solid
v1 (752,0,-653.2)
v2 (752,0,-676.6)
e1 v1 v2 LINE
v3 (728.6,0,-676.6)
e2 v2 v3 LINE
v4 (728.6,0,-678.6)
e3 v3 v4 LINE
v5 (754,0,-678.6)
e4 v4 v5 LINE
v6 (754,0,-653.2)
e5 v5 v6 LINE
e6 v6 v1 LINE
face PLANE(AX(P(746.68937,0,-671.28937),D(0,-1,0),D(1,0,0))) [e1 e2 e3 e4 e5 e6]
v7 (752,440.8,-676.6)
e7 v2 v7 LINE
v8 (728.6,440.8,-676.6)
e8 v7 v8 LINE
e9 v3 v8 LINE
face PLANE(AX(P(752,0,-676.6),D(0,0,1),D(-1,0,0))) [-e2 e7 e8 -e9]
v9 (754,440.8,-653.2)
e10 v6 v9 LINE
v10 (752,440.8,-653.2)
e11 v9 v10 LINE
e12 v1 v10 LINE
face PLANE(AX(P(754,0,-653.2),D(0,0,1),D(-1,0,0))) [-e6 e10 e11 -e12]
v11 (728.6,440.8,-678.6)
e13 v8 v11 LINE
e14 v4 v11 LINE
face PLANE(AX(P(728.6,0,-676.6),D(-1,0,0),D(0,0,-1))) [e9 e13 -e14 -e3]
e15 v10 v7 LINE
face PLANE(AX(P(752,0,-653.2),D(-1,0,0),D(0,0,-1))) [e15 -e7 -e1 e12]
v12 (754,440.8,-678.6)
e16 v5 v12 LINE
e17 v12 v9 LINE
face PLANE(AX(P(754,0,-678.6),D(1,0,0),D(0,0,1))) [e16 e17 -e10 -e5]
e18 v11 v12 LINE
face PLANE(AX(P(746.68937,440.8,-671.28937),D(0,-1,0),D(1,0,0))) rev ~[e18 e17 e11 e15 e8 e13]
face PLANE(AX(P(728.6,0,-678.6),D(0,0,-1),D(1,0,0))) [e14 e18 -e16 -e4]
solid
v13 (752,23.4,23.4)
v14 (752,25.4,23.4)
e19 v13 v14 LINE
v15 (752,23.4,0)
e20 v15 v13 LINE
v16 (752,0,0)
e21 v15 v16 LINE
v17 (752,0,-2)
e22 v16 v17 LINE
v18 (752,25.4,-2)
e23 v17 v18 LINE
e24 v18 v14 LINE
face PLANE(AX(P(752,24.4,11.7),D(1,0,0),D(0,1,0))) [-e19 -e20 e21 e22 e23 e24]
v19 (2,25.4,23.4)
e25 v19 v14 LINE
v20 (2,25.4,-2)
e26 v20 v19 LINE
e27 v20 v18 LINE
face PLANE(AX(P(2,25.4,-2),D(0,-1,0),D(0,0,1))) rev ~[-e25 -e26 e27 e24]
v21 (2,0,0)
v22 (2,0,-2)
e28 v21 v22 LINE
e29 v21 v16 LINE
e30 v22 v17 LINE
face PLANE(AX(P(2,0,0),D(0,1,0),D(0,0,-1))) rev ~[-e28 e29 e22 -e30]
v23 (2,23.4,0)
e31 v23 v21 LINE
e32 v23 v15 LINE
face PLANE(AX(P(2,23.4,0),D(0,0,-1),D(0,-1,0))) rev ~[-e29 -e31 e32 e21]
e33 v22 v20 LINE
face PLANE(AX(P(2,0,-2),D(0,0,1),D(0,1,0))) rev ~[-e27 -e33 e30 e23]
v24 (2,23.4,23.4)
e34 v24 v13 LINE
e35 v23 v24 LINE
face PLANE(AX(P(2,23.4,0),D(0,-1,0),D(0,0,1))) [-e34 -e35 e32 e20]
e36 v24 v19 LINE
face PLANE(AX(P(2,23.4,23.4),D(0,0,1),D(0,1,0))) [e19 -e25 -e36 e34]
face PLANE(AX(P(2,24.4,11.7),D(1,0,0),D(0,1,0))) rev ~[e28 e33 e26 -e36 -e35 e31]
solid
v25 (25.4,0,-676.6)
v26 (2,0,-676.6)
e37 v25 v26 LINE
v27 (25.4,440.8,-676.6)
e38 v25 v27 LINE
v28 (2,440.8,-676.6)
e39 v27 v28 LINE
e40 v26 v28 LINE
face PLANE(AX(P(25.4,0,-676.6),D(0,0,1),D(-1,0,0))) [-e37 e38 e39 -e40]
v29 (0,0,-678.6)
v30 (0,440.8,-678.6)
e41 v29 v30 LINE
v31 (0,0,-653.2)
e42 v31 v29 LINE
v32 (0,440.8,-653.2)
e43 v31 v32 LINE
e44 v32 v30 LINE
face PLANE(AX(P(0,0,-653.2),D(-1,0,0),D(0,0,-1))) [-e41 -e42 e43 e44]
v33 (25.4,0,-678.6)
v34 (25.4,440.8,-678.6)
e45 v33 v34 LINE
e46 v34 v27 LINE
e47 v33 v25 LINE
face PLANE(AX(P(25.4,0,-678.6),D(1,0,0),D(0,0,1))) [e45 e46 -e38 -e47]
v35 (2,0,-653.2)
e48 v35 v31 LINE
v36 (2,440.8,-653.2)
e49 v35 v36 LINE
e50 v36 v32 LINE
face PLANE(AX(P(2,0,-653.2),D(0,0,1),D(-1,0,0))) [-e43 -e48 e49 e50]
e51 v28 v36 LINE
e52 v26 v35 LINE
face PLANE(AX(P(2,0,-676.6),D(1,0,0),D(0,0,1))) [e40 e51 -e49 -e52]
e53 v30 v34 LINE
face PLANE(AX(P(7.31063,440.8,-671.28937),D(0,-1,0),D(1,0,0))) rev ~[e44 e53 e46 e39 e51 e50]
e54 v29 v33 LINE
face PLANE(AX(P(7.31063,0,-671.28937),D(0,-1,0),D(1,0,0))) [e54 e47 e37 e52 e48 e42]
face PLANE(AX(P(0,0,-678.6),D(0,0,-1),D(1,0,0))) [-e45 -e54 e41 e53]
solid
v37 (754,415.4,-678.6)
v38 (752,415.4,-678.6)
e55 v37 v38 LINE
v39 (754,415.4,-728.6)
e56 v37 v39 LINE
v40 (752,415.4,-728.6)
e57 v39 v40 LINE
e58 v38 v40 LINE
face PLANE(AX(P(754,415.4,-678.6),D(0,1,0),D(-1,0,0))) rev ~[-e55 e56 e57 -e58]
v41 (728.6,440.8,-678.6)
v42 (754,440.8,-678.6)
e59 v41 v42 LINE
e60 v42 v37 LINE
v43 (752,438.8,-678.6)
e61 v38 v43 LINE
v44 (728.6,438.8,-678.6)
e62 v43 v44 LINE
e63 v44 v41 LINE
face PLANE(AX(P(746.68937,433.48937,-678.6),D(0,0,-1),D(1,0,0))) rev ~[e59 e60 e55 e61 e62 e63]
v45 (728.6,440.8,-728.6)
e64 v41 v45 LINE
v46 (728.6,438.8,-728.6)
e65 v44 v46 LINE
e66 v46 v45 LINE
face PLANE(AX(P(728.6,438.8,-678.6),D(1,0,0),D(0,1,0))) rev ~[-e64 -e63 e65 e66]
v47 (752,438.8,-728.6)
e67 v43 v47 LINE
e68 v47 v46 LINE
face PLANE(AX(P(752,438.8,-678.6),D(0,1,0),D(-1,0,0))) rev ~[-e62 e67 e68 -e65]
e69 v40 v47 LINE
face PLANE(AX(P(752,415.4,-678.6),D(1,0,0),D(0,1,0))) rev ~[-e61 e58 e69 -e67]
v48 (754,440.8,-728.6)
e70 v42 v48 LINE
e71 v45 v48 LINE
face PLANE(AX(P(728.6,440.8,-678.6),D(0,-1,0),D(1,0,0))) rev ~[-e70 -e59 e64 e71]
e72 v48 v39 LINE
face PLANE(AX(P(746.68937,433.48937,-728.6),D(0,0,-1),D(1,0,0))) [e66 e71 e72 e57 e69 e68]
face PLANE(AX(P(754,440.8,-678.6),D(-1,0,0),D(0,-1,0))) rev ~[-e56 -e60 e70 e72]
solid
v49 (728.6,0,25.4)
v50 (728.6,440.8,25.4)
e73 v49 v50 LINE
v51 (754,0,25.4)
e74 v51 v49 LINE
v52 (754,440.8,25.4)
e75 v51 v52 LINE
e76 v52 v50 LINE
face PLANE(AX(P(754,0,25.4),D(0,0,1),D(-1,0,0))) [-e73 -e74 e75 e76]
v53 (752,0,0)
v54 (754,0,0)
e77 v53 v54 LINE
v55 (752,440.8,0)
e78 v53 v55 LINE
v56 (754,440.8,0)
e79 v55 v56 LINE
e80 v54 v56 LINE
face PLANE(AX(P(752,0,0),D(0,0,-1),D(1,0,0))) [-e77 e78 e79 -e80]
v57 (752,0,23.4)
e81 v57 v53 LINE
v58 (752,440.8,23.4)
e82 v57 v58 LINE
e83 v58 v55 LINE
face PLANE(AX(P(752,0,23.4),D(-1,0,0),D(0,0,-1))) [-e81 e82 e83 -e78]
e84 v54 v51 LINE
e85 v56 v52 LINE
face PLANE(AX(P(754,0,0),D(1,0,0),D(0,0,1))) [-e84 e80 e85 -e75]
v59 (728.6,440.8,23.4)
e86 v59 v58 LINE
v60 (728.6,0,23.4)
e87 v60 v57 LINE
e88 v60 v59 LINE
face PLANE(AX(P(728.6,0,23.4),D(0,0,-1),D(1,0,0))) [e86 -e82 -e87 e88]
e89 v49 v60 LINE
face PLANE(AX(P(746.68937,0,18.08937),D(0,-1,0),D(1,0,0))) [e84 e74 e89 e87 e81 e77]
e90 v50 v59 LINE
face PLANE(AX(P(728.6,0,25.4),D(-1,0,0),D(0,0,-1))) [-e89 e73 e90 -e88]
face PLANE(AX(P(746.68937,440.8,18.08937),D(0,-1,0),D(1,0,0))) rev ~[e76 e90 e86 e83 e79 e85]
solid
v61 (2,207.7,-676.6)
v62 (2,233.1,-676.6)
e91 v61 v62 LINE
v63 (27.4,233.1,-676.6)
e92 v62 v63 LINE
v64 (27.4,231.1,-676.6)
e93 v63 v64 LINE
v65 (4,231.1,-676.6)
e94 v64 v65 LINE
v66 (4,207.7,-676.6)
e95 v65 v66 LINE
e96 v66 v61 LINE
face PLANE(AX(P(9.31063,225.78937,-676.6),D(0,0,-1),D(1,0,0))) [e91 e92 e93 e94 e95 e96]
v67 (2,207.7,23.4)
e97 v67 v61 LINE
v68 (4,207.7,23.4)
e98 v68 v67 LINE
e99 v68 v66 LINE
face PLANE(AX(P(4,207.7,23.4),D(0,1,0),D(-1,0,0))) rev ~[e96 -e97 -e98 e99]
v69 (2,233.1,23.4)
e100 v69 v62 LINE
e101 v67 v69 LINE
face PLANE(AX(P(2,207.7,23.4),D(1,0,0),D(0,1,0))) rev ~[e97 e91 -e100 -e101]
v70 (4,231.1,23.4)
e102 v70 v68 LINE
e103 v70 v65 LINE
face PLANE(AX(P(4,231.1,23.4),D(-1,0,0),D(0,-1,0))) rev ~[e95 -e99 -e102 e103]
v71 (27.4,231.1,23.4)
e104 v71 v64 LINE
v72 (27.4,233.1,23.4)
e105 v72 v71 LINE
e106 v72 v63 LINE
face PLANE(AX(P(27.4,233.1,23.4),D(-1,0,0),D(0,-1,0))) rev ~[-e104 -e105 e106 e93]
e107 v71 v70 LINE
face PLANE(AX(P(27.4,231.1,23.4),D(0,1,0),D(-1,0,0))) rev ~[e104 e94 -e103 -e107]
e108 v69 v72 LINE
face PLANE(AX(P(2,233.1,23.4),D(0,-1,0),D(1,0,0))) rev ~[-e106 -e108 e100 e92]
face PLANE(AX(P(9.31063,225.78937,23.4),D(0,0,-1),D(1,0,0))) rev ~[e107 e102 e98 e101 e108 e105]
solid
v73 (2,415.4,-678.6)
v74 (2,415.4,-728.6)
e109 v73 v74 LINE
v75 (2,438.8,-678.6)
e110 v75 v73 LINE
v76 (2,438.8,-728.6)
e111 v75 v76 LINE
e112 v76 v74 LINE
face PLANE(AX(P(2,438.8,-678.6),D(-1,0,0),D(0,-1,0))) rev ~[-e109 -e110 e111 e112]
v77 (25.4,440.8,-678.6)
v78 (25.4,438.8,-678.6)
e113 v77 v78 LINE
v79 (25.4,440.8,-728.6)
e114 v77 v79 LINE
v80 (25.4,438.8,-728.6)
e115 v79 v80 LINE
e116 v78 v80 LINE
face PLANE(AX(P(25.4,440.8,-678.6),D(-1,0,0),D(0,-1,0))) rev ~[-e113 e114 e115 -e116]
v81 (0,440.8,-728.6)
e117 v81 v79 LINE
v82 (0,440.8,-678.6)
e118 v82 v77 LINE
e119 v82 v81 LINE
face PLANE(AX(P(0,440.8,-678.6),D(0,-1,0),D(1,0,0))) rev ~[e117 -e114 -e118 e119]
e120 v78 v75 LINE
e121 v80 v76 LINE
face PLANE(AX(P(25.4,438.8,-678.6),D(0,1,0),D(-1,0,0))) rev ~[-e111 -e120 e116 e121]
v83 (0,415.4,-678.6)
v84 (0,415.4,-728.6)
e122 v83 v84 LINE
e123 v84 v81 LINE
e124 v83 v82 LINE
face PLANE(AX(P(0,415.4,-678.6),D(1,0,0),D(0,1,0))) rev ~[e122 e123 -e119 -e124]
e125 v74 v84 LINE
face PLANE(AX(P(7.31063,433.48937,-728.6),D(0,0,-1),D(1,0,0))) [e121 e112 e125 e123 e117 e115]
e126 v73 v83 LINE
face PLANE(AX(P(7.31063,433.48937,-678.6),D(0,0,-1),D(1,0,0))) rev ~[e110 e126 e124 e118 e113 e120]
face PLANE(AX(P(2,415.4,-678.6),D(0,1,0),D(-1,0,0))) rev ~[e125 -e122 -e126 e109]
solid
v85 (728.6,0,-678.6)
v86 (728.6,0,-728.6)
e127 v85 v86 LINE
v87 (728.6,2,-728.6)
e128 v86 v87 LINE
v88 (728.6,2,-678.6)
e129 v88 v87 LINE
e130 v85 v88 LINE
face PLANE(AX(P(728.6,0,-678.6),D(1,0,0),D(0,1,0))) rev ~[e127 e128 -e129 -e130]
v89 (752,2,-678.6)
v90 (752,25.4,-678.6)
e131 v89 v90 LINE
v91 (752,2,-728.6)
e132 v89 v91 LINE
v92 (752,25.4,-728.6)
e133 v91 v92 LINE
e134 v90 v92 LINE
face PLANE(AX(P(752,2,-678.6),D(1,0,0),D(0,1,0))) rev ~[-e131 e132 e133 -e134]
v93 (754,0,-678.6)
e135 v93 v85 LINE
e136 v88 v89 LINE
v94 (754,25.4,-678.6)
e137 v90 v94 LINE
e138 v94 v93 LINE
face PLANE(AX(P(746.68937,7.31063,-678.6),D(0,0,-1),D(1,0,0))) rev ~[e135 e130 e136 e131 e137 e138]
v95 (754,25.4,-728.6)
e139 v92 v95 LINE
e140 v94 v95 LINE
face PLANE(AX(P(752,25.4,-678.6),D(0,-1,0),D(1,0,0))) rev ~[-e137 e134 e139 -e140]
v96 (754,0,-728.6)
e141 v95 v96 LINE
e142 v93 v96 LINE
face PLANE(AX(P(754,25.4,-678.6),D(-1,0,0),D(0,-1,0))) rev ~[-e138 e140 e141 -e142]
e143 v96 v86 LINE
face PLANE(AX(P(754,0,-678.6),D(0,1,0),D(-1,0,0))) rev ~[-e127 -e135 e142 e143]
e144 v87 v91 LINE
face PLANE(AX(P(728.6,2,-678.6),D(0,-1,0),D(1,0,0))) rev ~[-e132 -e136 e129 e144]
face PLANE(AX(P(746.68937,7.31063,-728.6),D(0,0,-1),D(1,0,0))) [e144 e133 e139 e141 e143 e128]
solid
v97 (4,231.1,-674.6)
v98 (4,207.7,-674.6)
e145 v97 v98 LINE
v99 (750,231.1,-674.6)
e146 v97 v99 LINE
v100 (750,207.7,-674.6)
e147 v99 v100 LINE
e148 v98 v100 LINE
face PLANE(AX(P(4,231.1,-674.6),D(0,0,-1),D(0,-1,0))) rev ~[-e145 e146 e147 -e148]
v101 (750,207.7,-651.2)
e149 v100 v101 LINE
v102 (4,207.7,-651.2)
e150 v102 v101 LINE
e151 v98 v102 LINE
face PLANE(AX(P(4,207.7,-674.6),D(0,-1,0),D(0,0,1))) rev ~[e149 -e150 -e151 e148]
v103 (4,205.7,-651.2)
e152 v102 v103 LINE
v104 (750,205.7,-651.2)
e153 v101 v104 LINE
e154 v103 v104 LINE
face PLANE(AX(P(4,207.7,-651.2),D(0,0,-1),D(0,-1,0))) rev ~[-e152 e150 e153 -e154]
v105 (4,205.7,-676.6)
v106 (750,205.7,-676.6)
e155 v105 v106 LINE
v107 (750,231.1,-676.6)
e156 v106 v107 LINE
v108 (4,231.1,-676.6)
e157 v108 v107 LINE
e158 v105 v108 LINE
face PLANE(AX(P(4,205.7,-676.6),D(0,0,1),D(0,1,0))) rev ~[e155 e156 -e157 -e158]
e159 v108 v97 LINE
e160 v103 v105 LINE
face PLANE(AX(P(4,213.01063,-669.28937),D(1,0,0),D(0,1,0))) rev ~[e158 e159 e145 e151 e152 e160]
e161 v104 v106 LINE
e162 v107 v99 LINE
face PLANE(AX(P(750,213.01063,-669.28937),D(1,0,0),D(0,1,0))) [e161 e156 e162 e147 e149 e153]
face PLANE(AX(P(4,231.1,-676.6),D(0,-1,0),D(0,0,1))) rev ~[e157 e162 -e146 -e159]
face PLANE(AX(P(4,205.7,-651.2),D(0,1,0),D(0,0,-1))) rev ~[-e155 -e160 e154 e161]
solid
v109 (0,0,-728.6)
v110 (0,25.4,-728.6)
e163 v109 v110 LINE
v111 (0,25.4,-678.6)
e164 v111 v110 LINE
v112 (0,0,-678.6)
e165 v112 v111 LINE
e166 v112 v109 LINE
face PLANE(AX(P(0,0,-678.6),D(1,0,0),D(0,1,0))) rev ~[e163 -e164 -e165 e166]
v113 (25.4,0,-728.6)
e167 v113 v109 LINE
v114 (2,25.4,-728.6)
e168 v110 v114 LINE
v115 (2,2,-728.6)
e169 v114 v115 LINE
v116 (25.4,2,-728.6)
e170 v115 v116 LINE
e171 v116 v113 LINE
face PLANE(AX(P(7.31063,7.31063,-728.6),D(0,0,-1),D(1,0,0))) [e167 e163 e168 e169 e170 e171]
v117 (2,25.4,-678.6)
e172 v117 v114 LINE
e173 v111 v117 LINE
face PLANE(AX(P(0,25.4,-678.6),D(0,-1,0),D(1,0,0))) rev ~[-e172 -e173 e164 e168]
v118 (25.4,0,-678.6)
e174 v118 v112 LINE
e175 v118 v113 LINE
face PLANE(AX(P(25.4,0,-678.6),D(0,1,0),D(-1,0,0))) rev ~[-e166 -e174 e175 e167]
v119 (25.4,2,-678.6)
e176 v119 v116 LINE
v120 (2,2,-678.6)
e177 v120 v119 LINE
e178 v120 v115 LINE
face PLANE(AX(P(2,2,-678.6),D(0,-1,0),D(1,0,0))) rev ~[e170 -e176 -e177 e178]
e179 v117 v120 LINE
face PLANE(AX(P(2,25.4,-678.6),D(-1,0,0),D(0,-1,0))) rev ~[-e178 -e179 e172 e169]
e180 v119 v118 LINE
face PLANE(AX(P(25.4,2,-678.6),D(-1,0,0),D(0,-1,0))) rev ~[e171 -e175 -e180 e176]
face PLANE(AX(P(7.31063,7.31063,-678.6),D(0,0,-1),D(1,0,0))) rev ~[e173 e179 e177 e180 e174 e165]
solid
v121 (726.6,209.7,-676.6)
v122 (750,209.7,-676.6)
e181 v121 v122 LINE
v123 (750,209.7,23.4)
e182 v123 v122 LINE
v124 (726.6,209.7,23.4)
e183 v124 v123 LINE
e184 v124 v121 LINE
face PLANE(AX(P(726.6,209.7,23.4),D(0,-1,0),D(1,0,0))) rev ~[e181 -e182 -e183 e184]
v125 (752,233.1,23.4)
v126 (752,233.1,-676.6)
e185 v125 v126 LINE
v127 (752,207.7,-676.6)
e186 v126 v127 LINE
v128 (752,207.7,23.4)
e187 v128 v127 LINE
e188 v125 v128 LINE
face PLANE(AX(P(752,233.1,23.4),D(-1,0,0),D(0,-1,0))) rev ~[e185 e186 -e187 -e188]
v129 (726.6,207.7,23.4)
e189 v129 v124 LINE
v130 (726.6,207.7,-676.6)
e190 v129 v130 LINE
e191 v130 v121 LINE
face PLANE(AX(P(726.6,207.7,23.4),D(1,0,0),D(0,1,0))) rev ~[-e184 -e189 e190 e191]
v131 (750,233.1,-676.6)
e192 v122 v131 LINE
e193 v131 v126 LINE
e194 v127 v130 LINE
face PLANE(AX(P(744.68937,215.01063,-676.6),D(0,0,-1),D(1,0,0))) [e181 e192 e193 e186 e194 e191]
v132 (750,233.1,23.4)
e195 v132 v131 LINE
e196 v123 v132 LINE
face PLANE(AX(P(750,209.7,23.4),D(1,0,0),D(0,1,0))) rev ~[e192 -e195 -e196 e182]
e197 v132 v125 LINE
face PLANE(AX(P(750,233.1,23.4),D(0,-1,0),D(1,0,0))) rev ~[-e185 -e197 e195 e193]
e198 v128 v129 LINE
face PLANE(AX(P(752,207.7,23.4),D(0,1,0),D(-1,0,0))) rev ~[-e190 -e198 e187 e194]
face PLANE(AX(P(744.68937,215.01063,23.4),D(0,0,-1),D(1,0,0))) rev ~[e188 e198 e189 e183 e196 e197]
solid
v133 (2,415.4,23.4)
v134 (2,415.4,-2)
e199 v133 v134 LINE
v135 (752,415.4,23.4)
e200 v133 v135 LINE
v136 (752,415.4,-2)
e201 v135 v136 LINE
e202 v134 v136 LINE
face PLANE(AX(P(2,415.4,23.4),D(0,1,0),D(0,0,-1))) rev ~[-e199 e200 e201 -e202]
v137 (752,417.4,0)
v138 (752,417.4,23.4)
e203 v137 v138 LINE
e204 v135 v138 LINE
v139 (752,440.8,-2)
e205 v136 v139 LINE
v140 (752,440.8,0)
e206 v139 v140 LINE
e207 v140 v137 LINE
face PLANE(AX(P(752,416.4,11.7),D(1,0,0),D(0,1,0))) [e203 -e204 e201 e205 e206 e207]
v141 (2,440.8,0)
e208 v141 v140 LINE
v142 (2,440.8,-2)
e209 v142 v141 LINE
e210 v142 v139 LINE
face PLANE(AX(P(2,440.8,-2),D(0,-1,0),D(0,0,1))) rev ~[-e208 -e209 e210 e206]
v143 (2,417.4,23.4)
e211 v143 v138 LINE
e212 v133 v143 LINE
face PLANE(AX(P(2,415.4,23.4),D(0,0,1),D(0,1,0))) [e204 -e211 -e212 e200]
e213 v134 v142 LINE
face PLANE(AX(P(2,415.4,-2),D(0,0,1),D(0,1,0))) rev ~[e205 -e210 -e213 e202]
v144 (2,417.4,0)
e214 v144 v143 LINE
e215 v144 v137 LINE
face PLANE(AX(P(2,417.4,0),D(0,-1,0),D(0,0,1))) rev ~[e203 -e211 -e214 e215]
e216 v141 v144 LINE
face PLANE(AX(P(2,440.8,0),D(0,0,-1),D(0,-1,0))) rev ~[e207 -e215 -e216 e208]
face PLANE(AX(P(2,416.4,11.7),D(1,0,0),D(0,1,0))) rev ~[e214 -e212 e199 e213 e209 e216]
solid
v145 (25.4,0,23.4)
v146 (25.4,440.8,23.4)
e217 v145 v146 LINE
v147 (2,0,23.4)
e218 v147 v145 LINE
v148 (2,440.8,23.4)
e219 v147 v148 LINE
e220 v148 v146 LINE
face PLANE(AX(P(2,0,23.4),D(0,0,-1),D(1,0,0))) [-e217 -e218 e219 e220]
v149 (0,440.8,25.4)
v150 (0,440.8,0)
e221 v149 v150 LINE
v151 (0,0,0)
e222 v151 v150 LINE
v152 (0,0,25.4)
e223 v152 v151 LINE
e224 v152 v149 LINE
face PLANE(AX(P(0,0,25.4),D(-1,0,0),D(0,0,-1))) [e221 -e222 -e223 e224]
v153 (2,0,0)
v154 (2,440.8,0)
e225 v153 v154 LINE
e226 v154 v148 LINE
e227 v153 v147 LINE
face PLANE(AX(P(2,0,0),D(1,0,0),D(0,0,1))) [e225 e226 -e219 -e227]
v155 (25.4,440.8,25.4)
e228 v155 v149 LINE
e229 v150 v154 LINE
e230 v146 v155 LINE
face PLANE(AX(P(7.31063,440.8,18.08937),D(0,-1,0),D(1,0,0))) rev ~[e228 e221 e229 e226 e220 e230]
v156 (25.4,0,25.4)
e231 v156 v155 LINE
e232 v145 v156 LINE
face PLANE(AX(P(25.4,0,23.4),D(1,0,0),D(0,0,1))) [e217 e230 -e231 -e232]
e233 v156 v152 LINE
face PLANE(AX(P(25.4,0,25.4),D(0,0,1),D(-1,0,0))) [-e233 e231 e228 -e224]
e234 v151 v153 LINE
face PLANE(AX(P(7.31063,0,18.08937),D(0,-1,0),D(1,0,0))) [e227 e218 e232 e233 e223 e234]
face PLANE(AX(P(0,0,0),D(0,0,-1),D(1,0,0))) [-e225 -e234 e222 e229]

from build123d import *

# Parameters (mm, degrees)
F1_DEPTH  = 440.8
F2_W      = 2
F2_H      = 23.4
F3_DEPTH  = 750
F5_DEPTH  = 440.8
F7_DEPTH  = 700
F9_DEPTH  = 440.8
F11_DEPTH = 50
F13_DEPTH = 746


with BuildPart() as f1:
    # F0 (on Front) → F1 (new body)
    with BuildSketch(Plane.XZ):
        Polygon((0, 25.4), (0, 0), (2, 0), (2, 23.4), (25.4, 23.4), (25.4, 25.4), align=None)
    extrude(amount=-F1_DEPTH)


with BuildPart() as f3:
    # F2 (on face) → F3 (new body)
    with BuildSketch(Plane.YZ.offset(2)):
        with Locations((24.4, 11.7)):
            Rectangle(F2_W, F2_H)
        Polygon((25.4, -2), (25.4, 0), (23.4, 0), (0, 0), (0, -2), align=None)
        with Locations((416.4, 11.7)):
            Rectangle(F2_W, F2_H)
        Polygon((417.4, 0), (415.4, 0), (415.4, -2), (440.8, -2), (440.8, 0), align=None)
    extrude(amount=F3_DEPTH)


with BuildPart() as f5:
    # F4 (on Front) → F5 (new body)
    with BuildSketch(Plane.XZ):
        Polygon((752, 0), (754, 0), (754, 25.4), (728.6, 25.4), (728.6, 23.4), (752, 23.4), align=None)
    extrude(amount=-F5_DEPTH)


with BuildPart() as f7:
    # F6 (on face) → F7 (new body)
    with BuildSketch(Plane(origin=(0, 0, 23.4), x_dir=(1, 0, 0), z_dir=(0, 0, -1))):
        Polygon((2, -207.7), (2, -220.4), (2, -233.1), (27.4, -233.1), (27.4, -231.1), (4, -231.1), (4, -207.7), align=None)
        Polygon((752, -233.1), (752, -220.4), (752, -207.7), (726.6, -207.7), (726.6, -209.7), (750, -209.7), (750, -233.1), align=None)
    extrude(amount=F7_DEPTH)


with BuildPart() as f9:
    # F8 (on Front) → F9 (new body)
    with BuildSketch(Plane.XZ):
        Polygon((25.4, -678.6), (25.4, -676.6), (2, -676.6), (2, -653.2), (0, -653.2), (0, -678.6), align=None)
        Polygon((752, -676.6), (728.6, -676.6), (728.6, -678.6), (754, -678.6), (754, -653.2), (752, -653.2), align=None)
    extrude(amount=-F9_DEPTH)


with BuildPart() as f11:
    # F10 (on face) → F11 (new body)
    with BuildSketch(Plane(origin=(0, 0, -678.6), x_dir=(1, 0, 0), z_dir=(0, 0, -1))):
        Polygon((25.4, 0), (0, 0), (0, -25.4), (2, -25.4), (2, -2), (25.4, -2), align=None)
        Polygon((0, -415.4), (0, -440.8), (25.4, -440.8), (25.4, -438.8), (2, -438.8), (2, -415.4), align=None)
        Polygon((728.6, 0), (728.6, -2), (752, -2), (752, -25.4), (754, -25.4), (754, 0), align=None)
        Polygon((752, -438.8), (728.6, -438.8), (728.6, -440.8), (754, -440.8), (754, -415.4), (752, -415.4), align=None)
    extrude(amount=F11_DEPTH)


with BuildPart() as f13:
    # F12 (on face) → F13 (new body, through all)
    with BuildSketch(Plane.YZ.offset(4)):
        Polygon((205.7, -676.6), (231.1, -676.6), (231.1, -674.6), (207.7, -674.6), (207.7, -651.2), (205.7, -651.2), align=None)
    extrude(amount=F13_DEPTH)


solid = Compound([f1.part, f3.part, f5.part, f7.part, f9.part, f11.part, f13.part])
